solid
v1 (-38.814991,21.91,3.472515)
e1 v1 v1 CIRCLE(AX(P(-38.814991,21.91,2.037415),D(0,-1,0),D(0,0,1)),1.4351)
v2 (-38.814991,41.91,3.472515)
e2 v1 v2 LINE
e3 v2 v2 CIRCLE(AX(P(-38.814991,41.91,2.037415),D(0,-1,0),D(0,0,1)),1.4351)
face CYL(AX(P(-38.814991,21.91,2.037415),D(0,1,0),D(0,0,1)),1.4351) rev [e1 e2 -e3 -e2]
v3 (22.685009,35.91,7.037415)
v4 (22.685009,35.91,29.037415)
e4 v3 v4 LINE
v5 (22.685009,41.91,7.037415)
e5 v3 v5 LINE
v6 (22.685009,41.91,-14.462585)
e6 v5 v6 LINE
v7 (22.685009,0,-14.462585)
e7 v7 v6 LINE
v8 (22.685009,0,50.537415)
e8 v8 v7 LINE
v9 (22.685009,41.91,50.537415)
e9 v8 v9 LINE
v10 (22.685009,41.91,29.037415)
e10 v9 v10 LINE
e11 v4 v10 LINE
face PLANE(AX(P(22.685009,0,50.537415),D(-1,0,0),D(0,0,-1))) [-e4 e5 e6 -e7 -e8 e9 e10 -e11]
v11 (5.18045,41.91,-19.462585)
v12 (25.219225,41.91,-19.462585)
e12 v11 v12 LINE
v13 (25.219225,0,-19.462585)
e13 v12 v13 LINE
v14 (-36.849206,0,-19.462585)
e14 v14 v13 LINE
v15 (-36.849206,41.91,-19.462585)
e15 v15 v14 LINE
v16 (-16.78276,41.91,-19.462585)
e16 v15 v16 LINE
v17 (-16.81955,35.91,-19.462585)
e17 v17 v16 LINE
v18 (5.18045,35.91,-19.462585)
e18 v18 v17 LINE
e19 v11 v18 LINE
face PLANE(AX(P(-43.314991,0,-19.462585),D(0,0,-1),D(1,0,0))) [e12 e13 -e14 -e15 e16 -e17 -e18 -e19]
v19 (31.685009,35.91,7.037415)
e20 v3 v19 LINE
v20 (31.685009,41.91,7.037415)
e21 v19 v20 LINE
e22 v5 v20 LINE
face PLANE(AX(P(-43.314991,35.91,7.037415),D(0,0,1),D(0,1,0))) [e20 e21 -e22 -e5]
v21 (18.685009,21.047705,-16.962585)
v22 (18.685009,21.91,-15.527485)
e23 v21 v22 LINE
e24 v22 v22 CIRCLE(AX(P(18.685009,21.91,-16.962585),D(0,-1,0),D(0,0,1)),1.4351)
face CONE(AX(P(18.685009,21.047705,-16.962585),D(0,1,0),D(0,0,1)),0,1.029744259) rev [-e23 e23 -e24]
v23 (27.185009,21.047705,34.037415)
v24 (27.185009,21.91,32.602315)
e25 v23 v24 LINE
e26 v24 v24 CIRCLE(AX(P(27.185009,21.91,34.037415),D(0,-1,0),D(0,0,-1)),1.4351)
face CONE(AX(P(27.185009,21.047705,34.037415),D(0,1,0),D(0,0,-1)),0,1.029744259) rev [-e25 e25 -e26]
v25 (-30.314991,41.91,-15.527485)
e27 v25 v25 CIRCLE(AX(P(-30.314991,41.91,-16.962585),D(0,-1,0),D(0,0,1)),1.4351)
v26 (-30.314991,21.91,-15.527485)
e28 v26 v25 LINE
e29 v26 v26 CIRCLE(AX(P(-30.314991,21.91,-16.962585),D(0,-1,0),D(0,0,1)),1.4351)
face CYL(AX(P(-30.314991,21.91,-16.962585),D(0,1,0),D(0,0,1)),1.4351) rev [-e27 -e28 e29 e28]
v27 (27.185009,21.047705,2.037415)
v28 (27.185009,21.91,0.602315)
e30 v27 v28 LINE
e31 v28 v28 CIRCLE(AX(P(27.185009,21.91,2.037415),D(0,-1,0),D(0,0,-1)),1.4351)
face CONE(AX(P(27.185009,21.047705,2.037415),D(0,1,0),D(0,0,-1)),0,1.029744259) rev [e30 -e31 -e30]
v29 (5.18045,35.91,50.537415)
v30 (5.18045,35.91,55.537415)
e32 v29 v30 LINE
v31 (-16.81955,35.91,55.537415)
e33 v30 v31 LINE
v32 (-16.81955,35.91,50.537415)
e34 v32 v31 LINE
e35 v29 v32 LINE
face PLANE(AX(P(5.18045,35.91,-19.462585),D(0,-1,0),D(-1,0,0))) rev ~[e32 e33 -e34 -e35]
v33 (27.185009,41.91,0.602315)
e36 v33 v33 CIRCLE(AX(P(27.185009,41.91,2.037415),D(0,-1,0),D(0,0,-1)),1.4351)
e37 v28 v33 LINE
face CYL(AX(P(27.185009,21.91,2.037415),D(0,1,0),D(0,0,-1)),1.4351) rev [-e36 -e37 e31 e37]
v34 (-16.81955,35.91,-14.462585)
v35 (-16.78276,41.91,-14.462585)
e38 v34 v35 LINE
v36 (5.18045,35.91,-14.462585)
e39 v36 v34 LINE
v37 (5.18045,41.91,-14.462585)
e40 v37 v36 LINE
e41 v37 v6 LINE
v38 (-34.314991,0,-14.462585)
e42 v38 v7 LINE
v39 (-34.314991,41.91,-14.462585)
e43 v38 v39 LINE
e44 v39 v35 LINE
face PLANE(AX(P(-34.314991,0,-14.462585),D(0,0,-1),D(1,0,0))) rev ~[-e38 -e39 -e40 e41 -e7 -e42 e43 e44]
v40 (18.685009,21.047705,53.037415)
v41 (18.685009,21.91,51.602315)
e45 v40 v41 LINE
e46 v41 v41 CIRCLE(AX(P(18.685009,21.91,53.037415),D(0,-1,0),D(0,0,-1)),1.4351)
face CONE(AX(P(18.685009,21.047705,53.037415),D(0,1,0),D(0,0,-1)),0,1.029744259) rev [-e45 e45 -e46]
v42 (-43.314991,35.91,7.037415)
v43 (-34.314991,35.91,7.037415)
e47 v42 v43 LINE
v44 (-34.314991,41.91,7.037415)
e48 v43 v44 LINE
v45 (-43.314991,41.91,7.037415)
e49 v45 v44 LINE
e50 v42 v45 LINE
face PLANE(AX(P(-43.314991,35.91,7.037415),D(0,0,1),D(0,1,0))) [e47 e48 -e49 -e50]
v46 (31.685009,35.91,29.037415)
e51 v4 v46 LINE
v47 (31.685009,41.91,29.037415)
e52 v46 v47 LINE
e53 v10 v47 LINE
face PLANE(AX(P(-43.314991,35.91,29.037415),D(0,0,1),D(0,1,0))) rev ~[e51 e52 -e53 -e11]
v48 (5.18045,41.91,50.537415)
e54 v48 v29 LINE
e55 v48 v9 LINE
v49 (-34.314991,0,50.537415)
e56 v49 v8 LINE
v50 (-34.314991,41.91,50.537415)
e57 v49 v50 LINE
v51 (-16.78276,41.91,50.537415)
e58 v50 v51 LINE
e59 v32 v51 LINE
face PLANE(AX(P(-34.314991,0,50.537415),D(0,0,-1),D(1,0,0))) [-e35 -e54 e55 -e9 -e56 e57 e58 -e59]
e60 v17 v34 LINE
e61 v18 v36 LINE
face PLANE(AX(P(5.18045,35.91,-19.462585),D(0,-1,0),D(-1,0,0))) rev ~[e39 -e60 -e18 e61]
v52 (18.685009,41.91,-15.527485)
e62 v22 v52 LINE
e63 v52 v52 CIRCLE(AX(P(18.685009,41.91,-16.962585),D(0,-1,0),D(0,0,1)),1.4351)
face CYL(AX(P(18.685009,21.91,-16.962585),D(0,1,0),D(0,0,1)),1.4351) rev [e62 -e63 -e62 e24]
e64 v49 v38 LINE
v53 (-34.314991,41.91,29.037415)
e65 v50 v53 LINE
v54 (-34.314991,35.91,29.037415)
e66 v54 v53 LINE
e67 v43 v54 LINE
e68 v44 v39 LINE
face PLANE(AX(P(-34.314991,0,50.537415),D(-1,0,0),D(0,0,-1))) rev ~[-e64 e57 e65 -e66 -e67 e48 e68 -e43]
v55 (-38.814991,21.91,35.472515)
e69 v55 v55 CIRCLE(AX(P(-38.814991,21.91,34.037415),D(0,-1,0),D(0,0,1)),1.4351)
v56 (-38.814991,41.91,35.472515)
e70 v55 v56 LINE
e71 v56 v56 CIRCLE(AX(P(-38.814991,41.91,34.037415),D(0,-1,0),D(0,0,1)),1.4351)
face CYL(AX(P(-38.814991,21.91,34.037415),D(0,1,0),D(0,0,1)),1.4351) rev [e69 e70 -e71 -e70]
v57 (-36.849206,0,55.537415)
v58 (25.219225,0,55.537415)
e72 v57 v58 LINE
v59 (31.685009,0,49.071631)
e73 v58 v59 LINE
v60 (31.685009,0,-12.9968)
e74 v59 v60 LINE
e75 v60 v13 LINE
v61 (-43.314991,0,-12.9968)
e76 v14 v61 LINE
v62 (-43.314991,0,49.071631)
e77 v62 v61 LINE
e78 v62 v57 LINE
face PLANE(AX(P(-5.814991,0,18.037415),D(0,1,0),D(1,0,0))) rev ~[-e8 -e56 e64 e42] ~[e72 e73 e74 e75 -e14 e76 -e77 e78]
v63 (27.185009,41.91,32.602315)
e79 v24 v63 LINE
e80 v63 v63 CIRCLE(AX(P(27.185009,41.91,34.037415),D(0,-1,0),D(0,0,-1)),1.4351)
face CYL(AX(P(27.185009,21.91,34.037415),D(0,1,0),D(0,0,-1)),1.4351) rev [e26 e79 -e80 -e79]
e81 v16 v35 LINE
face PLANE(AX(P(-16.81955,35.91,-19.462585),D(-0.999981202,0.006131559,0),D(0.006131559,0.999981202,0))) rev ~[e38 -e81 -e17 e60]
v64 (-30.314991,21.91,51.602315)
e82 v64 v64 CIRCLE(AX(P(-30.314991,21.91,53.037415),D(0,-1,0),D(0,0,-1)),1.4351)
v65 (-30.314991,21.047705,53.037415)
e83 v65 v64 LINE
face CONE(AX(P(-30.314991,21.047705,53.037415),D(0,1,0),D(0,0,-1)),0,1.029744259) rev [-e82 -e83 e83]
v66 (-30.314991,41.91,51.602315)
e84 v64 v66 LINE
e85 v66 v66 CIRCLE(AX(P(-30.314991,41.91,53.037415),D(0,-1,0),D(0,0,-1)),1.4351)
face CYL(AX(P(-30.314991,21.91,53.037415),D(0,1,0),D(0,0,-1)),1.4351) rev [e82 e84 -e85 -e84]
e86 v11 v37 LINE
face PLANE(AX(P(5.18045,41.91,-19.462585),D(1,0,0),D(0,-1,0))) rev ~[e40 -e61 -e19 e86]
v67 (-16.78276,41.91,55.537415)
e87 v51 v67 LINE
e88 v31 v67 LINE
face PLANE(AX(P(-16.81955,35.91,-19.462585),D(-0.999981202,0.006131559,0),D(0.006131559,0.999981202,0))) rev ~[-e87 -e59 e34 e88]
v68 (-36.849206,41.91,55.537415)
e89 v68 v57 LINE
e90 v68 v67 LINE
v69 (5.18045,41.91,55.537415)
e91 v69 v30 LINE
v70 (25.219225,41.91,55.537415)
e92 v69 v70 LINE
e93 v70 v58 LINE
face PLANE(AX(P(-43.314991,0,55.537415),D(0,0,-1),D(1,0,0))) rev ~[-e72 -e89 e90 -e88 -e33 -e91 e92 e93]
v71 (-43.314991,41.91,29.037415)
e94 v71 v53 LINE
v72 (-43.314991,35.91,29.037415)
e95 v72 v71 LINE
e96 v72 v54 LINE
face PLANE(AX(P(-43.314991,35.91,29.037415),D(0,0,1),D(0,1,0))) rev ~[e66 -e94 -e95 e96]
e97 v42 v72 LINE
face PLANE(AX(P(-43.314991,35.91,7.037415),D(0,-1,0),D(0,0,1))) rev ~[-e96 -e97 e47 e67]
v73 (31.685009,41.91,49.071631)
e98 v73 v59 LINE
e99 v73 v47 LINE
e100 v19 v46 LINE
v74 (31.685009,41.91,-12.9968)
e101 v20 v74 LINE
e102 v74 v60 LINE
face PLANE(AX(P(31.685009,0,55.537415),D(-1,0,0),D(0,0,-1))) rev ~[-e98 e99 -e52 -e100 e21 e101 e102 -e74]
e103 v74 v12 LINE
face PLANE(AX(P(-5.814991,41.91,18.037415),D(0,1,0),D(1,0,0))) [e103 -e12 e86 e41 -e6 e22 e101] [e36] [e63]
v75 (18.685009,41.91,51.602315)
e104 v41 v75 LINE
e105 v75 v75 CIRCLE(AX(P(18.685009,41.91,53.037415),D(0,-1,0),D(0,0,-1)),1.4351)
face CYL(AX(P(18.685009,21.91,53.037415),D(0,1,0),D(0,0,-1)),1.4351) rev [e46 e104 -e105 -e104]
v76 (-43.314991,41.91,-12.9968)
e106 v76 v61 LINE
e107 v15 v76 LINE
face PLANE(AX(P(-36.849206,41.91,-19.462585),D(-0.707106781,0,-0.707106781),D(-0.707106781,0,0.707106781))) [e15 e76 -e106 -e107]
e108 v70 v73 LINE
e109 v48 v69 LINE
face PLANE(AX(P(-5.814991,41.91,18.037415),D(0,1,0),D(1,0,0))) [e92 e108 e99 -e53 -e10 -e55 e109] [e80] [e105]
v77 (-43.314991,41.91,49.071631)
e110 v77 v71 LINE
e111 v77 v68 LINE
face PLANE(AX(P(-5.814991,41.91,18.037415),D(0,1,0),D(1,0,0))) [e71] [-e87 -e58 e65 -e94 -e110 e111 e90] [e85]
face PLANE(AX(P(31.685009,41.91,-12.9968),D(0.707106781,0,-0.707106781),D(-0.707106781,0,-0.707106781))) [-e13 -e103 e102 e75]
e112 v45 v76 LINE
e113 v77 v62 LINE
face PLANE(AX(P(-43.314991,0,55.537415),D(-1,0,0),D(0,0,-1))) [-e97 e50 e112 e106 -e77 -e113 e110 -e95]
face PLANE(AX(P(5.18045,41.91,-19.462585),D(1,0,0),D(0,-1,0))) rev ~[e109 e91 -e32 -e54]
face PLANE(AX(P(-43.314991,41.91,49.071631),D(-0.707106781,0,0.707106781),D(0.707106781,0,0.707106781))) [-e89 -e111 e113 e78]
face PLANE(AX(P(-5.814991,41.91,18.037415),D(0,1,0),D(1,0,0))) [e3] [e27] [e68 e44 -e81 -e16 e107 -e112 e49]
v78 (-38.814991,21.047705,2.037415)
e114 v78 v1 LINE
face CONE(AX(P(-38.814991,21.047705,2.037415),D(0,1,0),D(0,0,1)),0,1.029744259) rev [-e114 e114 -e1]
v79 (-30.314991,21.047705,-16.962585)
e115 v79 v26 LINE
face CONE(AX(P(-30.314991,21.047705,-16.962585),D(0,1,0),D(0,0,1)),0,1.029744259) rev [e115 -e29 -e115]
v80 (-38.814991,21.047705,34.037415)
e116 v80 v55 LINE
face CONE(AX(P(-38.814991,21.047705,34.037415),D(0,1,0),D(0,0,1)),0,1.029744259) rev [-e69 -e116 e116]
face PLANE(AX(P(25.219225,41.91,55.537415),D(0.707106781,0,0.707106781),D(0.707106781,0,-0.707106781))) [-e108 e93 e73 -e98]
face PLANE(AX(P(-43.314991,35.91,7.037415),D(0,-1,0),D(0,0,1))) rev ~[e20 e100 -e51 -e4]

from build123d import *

# Parameters (mm, degrees)
SKETCH2_W                          = 75
SKETCH2_H                          = 75
SKETCH2_W_2                        = 57
SKETCH2_H_2                        = 65
BOSS_EXTRUDE1_DEPTH                = 41.91
CUT_EXTRUDE1_DEPTH                 = 92.91
SKETCH6_W                          = 22
SKETCH6_H                          = 6
CUT_EXTRUDE2_DEPTH                 = 92.91
CUT_EXTRUDE3_DEPTH                 = 92.91
CIRPATTERN1_COUNT                  = 4
TAP_DRILL_FOR_6_40_TAP1_AT_2_COUNT = 2
TAP_DRILL_FOR_6_40_TAP1_AT_2_PITCH = 32
CIRPATTERN2_COUNT                  = 2
TAP_DRILL_FOR_6_40_TAP2_AT_2_COUNT = 2
TAP_DRILL_FOR_6_40_TAP2_AT_2_PITCH = 49
CIRPATTERN4_COUNT                  = 2


with BuildPart() as part:
    # Sketch2 → Boss-Extrude1 (new body)
    with BuildSketch(Plane(origin=(0, 0, 0), x_dir=(1, 0, 0), z_dir=(0, 1, 0))):
        with Locations((-5.814990765, -18.037415397)):
            Rectangle(SKETCH2_W, SKETCH2_H)
        with Locations((-5.814990765, -18.037415397)):
            Rectangle(SKETCH2_W_2, SKETCH2_H_2, mode=Mode.SUBTRACT)
    extrude(amount=BOSS_EXTRUDE1_DEPTH)

    # Sketch4 → Cut-Extrude1 (cut)
    with BuildSketch(Plane(origin=(0, 0, -19.462584603), x_dir=(-1, 0, 0), z_dir=(0, 0, -1))):
        Polygon((16.782729205, 41.915021022), (-5.180449965, 41.91), (-5.180449965, 35.91), (16.819550035, 35.91), align=None)
    extrude(amount=-CUT_EXTRUDE1_DEPTH, mode=Mode.SUBTRACT)

    # Sketch6 → Cut-Extrude2 (cut)
    with BuildSketch(Plane.ZY.offset(43.314990765)):
        with Locations((18.037415397, 38.91)):
            Rectangle(SKETCH6_W, SKETCH6_H)
    extrude(amount=-CUT_EXTRUDE2_DEPTH, mode=Mode.SUBTRACT)

    # Sketch7 → Cut-Extrude3 (cut)
    with BuildSketch(Plane(origin=(0, 41.91, 0), x_dir=(1, 0, 0), z_dir=(0, 1, 0))):
        Polygon((31.685009235, 12.996800195), (25.219224828, 19.462584603), (31.685009235, 19.462584603), align=None)
    cut_extrude3 = extrude(amount=-CUT_EXTRUDE3_DEPTH, mode=Mode.SUBTRACT)

    # CirPattern1: Cut-Extrude3 ×4 about axis
    cirpattern1_axis = Axis((-5.814990765, 41.91, 18.037415397), (0, 1, 0))
    for i in range(1, CIRPATTERN1_COUNT):
        add(cut_extrude3.rotate(cirpattern1_axis, i * 360 / CIRPATTERN1_COUNT), mode=Mode.SUBTRACT)

    # Sketch18 → Tap Drill for #6-40 Tap1 (revolve, cut)
    with BuildSketch(Plane(origin=(-38.814990765, 41.91, 2.037415397), x_dir=(0, 0, 1), z_dir=(1, 0, 0))):
        Polygon((0, 0), (0, 20.862295074), (1.4351, 20), (1.4351, 0), align=None)
    tap_drill_for_6_40_tap1 = revolve(axis=Axis((-38.814990765, 48.26, 2.037415397), (0, -1, 0)), mode=Mode.SUBTRACT)

    # Tap Drill for #6-40 Tap1 at 2: Tap Drill for #6-40 Tap1 ×2
    with Locations(*[(0, 0, i * TAP_DRILL_FOR_6_40_TAP1_AT_2_PITCH) for i in range(1, TAP_DRILL_FOR_6_40_TAP1_AT_2_COUNT)]):
        add(tap_drill_for_6_40_tap1, mode=Mode.SUBTRACT)

    # CirPattern2: Tap Drill for #6-40 Tap1 ×2 about axis
    cirpattern2_axis = Axis((-5.814990765, 41.91, 18.037415397), (0, 1, 0))
    for i in range(1, CIRPATTERN2_COUNT):
        add(tap_drill_for_6_40_tap1.rotate(cirpattern2_axis, i * 360 / CIRPATTERN2_COUNT), mode=Mode.SUBTRACT)

    # CirPattern2 copy 1 sketch → CirPattern2 copy 1 (revolve, cut)
    with BuildSketch(Plane(origin=(27.185009235, 41.91, 2.037415397), x_dir=(0, 0, -1), z_dir=(-1, 0, 0))):
        Polygon((0, 0), (0, 20.862295074), (1.4351, 20), (1.4351, 0), align=None)
    revolve(axis=Axis((27.185009235, 48.26, 2.037415397), (0, -1, 0)), mode=Mode.SUBTRACT)

    # Sketch23 → Tap Drill for #6-40 Tap2 (revolve, cut)
    with BuildSketch(Plane(origin=(-30.314990765, 41.91, -16.962584603), x_dir=(0, 0, 1), z_dir=(1, 0, 0))):
        Polygon((0, 0), (0, 20.862295074), (1.4351, 20), (1.4351, 0), align=None)
    tap_drill_for_6_40_tap2 = revolve(axis=Axis((-30.314990765, 48.26, -16.962584603), (0, -1, 0)), mode=Mode.SUBTRACT)

    # Tap Drill for #6-40 Tap2 at 2: Tap Drill for #6-40 Tap2 ×2
    with Locations(*[(i * TAP_DRILL_FOR_6_40_TAP2_AT_2_PITCH, 0, 0) for i in range(1, TAP_DRILL_FOR_6_40_TAP2_AT_2_COUNT)]):
        add(tap_drill_for_6_40_tap2, mode=Mode.SUBTRACT)

    # CirPattern4: Tap Drill for #6-40 Tap2 ×2 about axis
    cirpattern4_axis = Axis((-5.814990765, 41.91, 18.037415397), (0, 1, 0))
    for i in range(1, CIRPATTERN4_COUNT):
        add(tap_drill_for_6_40_tap2.rotate(cirpattern4_axis, i * 360 / CIRPATTERN4_COUNT), mode=Mode.SUBTRACT)

    # CirPattern4 copy 1 sketch → CirPattern4 copy 1 (revolve, cut)
    with BuildSketch(Plane(origin=(-30.314990765, 41.91, 53.037415397), x_dir=(0, 0, -1), z_dir=(-1, 0, 0))):
        Polygon((0, 0), (0, 20.862295074), (1.4351, 20), (1.4351, 0), align=None)
    revolve(axis=Axis((-30.314990765, 48.26, 53.037415397), (0, -1, 0)), mode=Mode.SUBTRACT)


solid = part.part
